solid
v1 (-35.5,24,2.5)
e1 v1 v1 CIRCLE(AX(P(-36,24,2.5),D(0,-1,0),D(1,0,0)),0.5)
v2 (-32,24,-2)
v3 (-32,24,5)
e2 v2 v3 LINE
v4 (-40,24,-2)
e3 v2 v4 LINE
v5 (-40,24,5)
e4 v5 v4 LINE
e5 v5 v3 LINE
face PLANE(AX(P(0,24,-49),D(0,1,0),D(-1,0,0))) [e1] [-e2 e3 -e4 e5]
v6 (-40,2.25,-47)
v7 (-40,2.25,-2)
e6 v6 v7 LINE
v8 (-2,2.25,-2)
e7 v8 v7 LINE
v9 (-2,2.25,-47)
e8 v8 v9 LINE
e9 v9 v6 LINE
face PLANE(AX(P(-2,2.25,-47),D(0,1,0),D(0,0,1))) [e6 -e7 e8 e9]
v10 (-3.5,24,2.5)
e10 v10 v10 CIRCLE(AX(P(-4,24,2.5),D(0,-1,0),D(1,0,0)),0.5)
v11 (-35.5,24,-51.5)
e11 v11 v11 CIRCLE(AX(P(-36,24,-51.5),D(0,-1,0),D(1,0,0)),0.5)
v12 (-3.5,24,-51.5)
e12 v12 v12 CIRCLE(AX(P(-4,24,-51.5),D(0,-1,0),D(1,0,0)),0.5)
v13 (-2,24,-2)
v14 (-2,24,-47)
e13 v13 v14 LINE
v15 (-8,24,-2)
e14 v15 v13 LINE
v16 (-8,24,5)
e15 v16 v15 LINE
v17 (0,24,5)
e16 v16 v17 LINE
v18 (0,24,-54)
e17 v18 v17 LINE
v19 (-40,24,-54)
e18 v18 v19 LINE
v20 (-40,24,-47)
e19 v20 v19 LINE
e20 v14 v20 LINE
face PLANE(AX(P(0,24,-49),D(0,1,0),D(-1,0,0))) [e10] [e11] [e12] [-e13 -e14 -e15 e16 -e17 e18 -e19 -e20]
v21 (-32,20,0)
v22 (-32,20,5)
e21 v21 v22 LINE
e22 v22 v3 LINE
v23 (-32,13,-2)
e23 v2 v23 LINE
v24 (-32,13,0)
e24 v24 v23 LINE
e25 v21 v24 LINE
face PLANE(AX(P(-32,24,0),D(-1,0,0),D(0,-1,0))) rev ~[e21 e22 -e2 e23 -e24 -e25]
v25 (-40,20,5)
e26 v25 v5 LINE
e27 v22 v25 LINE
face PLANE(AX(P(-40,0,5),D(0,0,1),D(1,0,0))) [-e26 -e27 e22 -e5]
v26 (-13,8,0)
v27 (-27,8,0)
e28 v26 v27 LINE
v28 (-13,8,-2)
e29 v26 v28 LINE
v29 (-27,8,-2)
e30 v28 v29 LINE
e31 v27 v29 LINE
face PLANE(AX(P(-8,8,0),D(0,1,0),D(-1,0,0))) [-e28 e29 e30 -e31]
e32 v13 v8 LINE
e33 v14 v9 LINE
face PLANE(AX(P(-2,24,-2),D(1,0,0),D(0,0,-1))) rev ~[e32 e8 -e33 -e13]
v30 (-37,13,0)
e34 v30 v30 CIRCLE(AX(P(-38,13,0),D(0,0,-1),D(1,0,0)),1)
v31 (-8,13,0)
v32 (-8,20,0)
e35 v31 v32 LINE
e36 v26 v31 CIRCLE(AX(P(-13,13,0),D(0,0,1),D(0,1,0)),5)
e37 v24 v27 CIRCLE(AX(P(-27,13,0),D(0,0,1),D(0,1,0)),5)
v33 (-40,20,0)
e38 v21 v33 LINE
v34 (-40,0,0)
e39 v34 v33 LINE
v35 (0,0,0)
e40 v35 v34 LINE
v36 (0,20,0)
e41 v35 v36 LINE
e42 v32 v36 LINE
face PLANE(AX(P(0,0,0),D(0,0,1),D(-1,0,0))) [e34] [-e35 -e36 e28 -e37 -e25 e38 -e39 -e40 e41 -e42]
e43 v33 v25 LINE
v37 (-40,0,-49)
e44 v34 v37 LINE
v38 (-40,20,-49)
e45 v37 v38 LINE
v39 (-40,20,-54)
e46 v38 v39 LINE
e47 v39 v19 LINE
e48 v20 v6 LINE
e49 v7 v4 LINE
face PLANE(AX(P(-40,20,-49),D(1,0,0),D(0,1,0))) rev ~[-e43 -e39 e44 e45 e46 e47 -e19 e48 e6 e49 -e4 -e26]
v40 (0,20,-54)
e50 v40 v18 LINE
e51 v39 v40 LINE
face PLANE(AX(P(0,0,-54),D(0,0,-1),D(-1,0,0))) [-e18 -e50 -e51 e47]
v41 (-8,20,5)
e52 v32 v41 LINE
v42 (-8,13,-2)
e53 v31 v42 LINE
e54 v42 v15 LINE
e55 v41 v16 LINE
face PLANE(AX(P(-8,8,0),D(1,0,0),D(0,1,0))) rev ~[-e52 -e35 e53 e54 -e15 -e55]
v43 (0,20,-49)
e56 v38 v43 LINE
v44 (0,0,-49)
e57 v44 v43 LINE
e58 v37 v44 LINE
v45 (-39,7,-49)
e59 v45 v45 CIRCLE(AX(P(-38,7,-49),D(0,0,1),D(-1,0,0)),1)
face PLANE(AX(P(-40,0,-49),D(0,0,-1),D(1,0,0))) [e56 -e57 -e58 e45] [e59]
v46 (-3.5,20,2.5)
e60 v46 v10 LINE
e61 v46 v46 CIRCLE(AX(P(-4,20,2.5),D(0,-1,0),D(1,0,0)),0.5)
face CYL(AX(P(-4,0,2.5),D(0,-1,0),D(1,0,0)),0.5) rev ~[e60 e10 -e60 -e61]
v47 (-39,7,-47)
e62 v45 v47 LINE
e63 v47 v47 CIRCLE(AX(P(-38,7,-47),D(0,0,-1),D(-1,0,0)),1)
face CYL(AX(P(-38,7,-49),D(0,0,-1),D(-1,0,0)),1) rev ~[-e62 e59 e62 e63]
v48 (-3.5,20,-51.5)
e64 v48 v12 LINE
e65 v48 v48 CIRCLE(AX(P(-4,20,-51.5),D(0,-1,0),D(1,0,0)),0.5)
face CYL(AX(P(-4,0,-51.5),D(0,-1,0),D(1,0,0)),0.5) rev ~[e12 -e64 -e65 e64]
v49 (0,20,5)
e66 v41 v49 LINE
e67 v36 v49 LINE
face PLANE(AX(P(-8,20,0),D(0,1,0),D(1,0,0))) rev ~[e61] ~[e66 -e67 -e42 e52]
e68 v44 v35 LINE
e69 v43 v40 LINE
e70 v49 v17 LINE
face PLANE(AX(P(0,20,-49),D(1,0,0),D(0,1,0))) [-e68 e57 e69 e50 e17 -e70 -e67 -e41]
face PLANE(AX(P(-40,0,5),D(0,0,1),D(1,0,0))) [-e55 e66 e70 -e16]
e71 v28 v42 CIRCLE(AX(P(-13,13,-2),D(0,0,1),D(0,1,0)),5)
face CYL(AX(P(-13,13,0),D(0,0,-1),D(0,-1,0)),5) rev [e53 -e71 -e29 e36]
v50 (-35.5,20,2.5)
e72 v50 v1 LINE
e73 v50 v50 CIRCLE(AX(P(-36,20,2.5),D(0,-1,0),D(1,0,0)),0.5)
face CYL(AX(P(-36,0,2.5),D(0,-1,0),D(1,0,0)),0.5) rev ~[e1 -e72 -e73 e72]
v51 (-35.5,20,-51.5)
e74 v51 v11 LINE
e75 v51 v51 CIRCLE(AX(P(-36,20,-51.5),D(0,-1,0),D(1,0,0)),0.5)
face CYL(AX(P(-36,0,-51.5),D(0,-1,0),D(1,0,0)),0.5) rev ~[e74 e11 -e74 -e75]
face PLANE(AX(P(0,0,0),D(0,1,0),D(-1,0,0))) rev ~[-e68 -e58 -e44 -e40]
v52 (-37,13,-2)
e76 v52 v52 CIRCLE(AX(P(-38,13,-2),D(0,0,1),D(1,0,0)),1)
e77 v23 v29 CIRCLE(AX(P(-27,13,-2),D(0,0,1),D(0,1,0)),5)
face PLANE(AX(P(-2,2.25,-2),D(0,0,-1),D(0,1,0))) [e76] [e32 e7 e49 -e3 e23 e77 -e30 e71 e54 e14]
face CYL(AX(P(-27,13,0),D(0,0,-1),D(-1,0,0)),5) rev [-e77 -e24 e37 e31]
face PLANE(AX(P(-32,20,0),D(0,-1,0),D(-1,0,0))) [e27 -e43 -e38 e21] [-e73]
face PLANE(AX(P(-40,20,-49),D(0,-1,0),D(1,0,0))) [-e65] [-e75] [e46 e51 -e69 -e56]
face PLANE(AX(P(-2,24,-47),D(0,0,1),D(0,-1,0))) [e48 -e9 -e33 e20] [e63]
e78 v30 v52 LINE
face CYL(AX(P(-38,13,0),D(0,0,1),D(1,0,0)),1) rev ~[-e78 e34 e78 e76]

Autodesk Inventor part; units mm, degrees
ref_plane "YZ Plane" through (0, 0, 0) normal (1, 0, 0) x (0, 1, 0)
ref_plane "XZ Plane" through (0, 0, 0) normal (0, 1, 0) x (-1, 0, 0)
ref_plane "XY Plane" through (0, 0, 0) normal (0, 0, 1) x (1, 0, 0)
sketch "Sketch1" plane through (0, 0, 0) normal (0, 1, 0) x (-1, 0, 0)
  line L0 (0, 0) -> (40, 0)
  line L1 (40, 0) -> (40, -49)
  line L2 (40, -49) -> (0, -49)
  line L3 (0, -49) -> (0, 0)
  dimension "d0" = 40
  dimension "d1" = 49
extrude "Extrusion1" add sketch "Sketch1" along normal blind 24
sketch "Sketch2" plane through (0, 24, 0) normal (0, 1, 0) x (1, 0, 0)
  line L0 (0, 0) -> (0, 49) projected
  line L1 (0, 49) -> (-40, 49) projected
  line L2 (0, 0) -> (-2, 0)
  line L3 (-2, 0) -> (-2, 49)
  line L4 (-2, 49) -> (0, 49)
  line L5 (0, 49) -> (0, 0)
  line L6 (-40, 49) -> (-40, 0) projected
  line L7 (-40, 0) -> (-38, 0)
  line L8 (-38, 0) -> (-38, 49)
  line L9 (-38, 49) -> (-40, 49)
  line L10 (-40, 49) -> (-40, 0)
  line L11 (0, 0) -> (-40, 0)
  line L12 (-40, 0) -> (-40, 2)
  line L13 (-40, 2) -> (0, 2)
  line L14 (0, 2) -> (0, 0)
  line L15 (0, 49) -> (-40, 49)
  line L16 (-40, 49) -> (-40, 47)
  line L17 (-40, 47) -> (0, 47)
  line L18 (0, 47) -> (0, 49)
  line L19 (-2, 47) -> (-38, 47)
  line L20 (-38, 47) -> (-38, 2)
  line L21 (-38, 2) -> (-2, 2)
  line L22 (-2, 2) -> (-2, 47)
  point P0 (-38, 47)
  dimension "d4" = 2
  dimension "d5" = 2
  dimension "d6" = 2
  dimension "d7" = 2
extrude "Extrusion2" cut sketch "Sketch2" against normal blind 21.75 contours L13 L8 L17 L3
sketch "Sketch3" plane through (-40, 0, 0) normal (0, 0, 1) x (1, 0, 0)
  line L0 (0, 24) -> (40, 24) projected
  line L1 (0, 0) -> (40, 0) projected
  line L2 (0, 24) -> (8, 24)
  line L3 (8, 24) -> (8, 0)
  line L4 (8, 0) -> (0, 0)
  line L5 (0, 0) -> (0, 24)
  line L6 (0, 0) -> (0, 24) projected
  line L7 (40, 0) -> (40, 24) projected
  line L8 (0, 0) -> (40, 0)
  line L9 (40, 0) -> (40, 8)
  line L10 (40, 8) -> (0, 8)
  line L11 (0, 8) -> (0, 0)
  line L12 (38, 24) -> (2, 24) projected
  line L13 (40, 0) -> (32, 0)
  line L14 (32, 0) -> (32, 24)
  line L15 (32, 24) -> (40, 24)
  line L16 (40, 24) -> (40, 0)
  line L17 (8, 24) -> (32, 24)
  line L18 (32, 24) -> (32, 8)
  line L19 (32, 8) -> (8, 8)
  line L20 (8, 8) -> (8, 24)
  point P0 (8, 8)
  dimension "d10" = 8
  dimension "d11" = 8
  dimension "d12" = 8
extrude "Extrusion3" cut sketch "Sketch3" against normal blind 21 contours L0 L14 L10 L3
fillet "Fillet1" radius 5 2 edges at (-32, 8, -1) (-8, 8, -1)
sketch "Sketch4" plane through (-40, 0, 0) normal (0, 0, 1) x (1, 0, 0)
  line L0 (0, 0) -> (0, 24) projected
  line L1 (8, 13) -> (8, 24) projected
  line L2 (0, 24) -> (8, 24)
  line L3 (8, 24) -> (8, 20)
  line L4 (8, 20) -> (0, 20)
  line L5 (0, 20) -> (0, 24)
  line L6 (32, 24) -> (40, 24) projected
  line L7 (32, 13) -> (32, 24) projected
  line L8 (40, 24) -> (32, 24)
  line L9 (32, 24) -> (32, 20)
  line L10 (32, 20) -> (40, 20)
  line L11 (40, 20) -> (40, 24)
  point P0 (40, 0)
  point P1 (0, 20)
  dimension "d16" = 4
  dimension "d17" = 4
extrude "Extrusion4" add sketch "Sketch4" along normal blind 5
sketch "Sketch5" plane through (0, 0, -49) normal (0, 0, -1) x (-1, 0, 0)
  line L0 (40, 0) -> (40, 24) projected
  line L1 (0, 24) -> (40, 24)
  line L2 (40, 24) -> (40, 20)
  line L3 (40, 20) -> (0, 20)
  line L4 (0, 20) -> (0, 24)
  point P0 (0, 0)
  dimension "d20" = 4
extrude "Extrusion5" add sketch "Sketch5" along normal blind 5
sketch "Sketch6" plane through (-2, 24, -47) normal (-1, 0, 0) x (0, 0, 1)
  line L0 (0, 0) -> (0, -21.75) projected
  line L1 (0, 0) -> (45, 0) projected
  line L2 (0, -21.75) -> (45, -21.75)
  line L3 (45, -21.75) -> (45, 0)
  line L4 (45, 0) -> (0, 0)
  line L5 (0, 0) -> (0, -21.75)
  point P0 (47, -24)
extrude "Extrusion6" cut sketch "Sketch6" along normal blind 50
sketch "Sketch10" plane through (0, 0, 0) normal (0, -1, 0) x (1, 0, 0)
  line L0 (-8, 5) -> (0, 5) projected
  line L1 (0, 5) -> (-4, 5)
  line L2 (-4, 5) -> (-4, 2.5)
  line L3 (-4, 2.5) -> (0, 2.5)
  line L4 (0, 2.5) -> (0, 5)
  circle A0 centre (-4, 2.5) radius 0.5
  line L5 (-40, 0) -> (-40, 5) projected
  line L6 (-40, 5) -> (-36, 5)
  line L7 (-36, 5) -> (-36, 2.5)
  line L8 (-36, 2.5) -> (-40, 2.5)
  line L9 (-40, 2.5) -> (-40, 5)
  circle A1 centre (-36, 2.5) radius 0.5
  line L10 (-40, 5) -> (-40, -54) projected
  line L11 (-40, -54) -> (-36, -54)
  line L12 (-36, -54) -> (-36, -51.5)
  line L13 (-36, -51.5) -> (-40, -51.5)
  line L14 (-40, -51.5) -> (-40, -54)
  circle A2 centre (-36, -51.5) radius 0.5
  line L15 (0, -54) -> (0, 5) projected
  line L16 (0, -54) -> (-4, -54)
  line L17 (-4, -54) -> (-4, -51.5)
  line L18 (-4, -51.5) -> (0, -51.5)
  line L19 (0, -51.5) -> (0, -54)
  circle A3 centre (-4, -51.5) radius 0.5
  point P0 (0, 0)
  point P1 (0, -47)
  dimension "d41" = 4
  dimension "d42" = 2.5
  dimension "d43" = 1
  dimension "d44" = 4
  dimension "d45" = 2.5
  dimension "d46" = 1
  dimension "d49" = 4
  dimension "d50" = 2.5
  dimension "d51" = 1
  dimension "d53" = 4
  dimension "d54" = 2.5
  dimension "d55" = 1
extrude "Extrusion10" cut sketch "Sketch10" against normal blind 30 contours A0 L3 L2 | L2 L3 A0 | A3 L17 L18 | L18 L17 A3 | A1 L7 L8 | L8 L7 A1 | A2 L12 L13 | L13 L12 A2
sketch "Sketch12" plane through (-40, 0, 0) normal (0, 0, 1) x (1, 0, 0)
  line L0 (40, 20) -> (36.5, 20)
  line L1 (0, 20) -> (2, 20)
  line L2 (2, 20) -> (2, 13)
  line L3 (2, 13) -> (0, 13)
  line L4 (0, 13) -> (0, 20)
  circle A0 centre (2, 13) radius 1
  point P0 (40, 0)
  dimension "d76" = 2
  dimension "d77" = 7
  dimension "d78" = 2
extrude "Extrusion12" cut sketch "Sketch12" against normal blind 5 contours A0 L3 L2 | L2 L3 A0
sketch "Sketch14" plane through (0, 0, -49) normal (0, 0, -1) x (-1, 0, 0)
  line L0 (0, 0) -> (40, 0) projected
  line L1 (40, 0) -> (38, 0)
  line L2 (38, 0) -> (38, 7)
  line L3 (38, 7) -> (40, 7)
  line L4 (40, 7) -> (40, 0)
  circle A0 centre (38, 7) radius 1
  dimension "d79" = 2
  dimension "d80" = 7
  dimension "d81" = 2
extrude "Extrusion14" cut sketch "Sketch14" against normal blind 5 contours A0 L3 L2 | L2 L3 A0
sketch "Sketch15" plane through (-40, 0, -49) normal (-1, 0, 0) x (0, 0, 1)
  point P0 (49, 0)
properties part number "encaixe2 mouse"
